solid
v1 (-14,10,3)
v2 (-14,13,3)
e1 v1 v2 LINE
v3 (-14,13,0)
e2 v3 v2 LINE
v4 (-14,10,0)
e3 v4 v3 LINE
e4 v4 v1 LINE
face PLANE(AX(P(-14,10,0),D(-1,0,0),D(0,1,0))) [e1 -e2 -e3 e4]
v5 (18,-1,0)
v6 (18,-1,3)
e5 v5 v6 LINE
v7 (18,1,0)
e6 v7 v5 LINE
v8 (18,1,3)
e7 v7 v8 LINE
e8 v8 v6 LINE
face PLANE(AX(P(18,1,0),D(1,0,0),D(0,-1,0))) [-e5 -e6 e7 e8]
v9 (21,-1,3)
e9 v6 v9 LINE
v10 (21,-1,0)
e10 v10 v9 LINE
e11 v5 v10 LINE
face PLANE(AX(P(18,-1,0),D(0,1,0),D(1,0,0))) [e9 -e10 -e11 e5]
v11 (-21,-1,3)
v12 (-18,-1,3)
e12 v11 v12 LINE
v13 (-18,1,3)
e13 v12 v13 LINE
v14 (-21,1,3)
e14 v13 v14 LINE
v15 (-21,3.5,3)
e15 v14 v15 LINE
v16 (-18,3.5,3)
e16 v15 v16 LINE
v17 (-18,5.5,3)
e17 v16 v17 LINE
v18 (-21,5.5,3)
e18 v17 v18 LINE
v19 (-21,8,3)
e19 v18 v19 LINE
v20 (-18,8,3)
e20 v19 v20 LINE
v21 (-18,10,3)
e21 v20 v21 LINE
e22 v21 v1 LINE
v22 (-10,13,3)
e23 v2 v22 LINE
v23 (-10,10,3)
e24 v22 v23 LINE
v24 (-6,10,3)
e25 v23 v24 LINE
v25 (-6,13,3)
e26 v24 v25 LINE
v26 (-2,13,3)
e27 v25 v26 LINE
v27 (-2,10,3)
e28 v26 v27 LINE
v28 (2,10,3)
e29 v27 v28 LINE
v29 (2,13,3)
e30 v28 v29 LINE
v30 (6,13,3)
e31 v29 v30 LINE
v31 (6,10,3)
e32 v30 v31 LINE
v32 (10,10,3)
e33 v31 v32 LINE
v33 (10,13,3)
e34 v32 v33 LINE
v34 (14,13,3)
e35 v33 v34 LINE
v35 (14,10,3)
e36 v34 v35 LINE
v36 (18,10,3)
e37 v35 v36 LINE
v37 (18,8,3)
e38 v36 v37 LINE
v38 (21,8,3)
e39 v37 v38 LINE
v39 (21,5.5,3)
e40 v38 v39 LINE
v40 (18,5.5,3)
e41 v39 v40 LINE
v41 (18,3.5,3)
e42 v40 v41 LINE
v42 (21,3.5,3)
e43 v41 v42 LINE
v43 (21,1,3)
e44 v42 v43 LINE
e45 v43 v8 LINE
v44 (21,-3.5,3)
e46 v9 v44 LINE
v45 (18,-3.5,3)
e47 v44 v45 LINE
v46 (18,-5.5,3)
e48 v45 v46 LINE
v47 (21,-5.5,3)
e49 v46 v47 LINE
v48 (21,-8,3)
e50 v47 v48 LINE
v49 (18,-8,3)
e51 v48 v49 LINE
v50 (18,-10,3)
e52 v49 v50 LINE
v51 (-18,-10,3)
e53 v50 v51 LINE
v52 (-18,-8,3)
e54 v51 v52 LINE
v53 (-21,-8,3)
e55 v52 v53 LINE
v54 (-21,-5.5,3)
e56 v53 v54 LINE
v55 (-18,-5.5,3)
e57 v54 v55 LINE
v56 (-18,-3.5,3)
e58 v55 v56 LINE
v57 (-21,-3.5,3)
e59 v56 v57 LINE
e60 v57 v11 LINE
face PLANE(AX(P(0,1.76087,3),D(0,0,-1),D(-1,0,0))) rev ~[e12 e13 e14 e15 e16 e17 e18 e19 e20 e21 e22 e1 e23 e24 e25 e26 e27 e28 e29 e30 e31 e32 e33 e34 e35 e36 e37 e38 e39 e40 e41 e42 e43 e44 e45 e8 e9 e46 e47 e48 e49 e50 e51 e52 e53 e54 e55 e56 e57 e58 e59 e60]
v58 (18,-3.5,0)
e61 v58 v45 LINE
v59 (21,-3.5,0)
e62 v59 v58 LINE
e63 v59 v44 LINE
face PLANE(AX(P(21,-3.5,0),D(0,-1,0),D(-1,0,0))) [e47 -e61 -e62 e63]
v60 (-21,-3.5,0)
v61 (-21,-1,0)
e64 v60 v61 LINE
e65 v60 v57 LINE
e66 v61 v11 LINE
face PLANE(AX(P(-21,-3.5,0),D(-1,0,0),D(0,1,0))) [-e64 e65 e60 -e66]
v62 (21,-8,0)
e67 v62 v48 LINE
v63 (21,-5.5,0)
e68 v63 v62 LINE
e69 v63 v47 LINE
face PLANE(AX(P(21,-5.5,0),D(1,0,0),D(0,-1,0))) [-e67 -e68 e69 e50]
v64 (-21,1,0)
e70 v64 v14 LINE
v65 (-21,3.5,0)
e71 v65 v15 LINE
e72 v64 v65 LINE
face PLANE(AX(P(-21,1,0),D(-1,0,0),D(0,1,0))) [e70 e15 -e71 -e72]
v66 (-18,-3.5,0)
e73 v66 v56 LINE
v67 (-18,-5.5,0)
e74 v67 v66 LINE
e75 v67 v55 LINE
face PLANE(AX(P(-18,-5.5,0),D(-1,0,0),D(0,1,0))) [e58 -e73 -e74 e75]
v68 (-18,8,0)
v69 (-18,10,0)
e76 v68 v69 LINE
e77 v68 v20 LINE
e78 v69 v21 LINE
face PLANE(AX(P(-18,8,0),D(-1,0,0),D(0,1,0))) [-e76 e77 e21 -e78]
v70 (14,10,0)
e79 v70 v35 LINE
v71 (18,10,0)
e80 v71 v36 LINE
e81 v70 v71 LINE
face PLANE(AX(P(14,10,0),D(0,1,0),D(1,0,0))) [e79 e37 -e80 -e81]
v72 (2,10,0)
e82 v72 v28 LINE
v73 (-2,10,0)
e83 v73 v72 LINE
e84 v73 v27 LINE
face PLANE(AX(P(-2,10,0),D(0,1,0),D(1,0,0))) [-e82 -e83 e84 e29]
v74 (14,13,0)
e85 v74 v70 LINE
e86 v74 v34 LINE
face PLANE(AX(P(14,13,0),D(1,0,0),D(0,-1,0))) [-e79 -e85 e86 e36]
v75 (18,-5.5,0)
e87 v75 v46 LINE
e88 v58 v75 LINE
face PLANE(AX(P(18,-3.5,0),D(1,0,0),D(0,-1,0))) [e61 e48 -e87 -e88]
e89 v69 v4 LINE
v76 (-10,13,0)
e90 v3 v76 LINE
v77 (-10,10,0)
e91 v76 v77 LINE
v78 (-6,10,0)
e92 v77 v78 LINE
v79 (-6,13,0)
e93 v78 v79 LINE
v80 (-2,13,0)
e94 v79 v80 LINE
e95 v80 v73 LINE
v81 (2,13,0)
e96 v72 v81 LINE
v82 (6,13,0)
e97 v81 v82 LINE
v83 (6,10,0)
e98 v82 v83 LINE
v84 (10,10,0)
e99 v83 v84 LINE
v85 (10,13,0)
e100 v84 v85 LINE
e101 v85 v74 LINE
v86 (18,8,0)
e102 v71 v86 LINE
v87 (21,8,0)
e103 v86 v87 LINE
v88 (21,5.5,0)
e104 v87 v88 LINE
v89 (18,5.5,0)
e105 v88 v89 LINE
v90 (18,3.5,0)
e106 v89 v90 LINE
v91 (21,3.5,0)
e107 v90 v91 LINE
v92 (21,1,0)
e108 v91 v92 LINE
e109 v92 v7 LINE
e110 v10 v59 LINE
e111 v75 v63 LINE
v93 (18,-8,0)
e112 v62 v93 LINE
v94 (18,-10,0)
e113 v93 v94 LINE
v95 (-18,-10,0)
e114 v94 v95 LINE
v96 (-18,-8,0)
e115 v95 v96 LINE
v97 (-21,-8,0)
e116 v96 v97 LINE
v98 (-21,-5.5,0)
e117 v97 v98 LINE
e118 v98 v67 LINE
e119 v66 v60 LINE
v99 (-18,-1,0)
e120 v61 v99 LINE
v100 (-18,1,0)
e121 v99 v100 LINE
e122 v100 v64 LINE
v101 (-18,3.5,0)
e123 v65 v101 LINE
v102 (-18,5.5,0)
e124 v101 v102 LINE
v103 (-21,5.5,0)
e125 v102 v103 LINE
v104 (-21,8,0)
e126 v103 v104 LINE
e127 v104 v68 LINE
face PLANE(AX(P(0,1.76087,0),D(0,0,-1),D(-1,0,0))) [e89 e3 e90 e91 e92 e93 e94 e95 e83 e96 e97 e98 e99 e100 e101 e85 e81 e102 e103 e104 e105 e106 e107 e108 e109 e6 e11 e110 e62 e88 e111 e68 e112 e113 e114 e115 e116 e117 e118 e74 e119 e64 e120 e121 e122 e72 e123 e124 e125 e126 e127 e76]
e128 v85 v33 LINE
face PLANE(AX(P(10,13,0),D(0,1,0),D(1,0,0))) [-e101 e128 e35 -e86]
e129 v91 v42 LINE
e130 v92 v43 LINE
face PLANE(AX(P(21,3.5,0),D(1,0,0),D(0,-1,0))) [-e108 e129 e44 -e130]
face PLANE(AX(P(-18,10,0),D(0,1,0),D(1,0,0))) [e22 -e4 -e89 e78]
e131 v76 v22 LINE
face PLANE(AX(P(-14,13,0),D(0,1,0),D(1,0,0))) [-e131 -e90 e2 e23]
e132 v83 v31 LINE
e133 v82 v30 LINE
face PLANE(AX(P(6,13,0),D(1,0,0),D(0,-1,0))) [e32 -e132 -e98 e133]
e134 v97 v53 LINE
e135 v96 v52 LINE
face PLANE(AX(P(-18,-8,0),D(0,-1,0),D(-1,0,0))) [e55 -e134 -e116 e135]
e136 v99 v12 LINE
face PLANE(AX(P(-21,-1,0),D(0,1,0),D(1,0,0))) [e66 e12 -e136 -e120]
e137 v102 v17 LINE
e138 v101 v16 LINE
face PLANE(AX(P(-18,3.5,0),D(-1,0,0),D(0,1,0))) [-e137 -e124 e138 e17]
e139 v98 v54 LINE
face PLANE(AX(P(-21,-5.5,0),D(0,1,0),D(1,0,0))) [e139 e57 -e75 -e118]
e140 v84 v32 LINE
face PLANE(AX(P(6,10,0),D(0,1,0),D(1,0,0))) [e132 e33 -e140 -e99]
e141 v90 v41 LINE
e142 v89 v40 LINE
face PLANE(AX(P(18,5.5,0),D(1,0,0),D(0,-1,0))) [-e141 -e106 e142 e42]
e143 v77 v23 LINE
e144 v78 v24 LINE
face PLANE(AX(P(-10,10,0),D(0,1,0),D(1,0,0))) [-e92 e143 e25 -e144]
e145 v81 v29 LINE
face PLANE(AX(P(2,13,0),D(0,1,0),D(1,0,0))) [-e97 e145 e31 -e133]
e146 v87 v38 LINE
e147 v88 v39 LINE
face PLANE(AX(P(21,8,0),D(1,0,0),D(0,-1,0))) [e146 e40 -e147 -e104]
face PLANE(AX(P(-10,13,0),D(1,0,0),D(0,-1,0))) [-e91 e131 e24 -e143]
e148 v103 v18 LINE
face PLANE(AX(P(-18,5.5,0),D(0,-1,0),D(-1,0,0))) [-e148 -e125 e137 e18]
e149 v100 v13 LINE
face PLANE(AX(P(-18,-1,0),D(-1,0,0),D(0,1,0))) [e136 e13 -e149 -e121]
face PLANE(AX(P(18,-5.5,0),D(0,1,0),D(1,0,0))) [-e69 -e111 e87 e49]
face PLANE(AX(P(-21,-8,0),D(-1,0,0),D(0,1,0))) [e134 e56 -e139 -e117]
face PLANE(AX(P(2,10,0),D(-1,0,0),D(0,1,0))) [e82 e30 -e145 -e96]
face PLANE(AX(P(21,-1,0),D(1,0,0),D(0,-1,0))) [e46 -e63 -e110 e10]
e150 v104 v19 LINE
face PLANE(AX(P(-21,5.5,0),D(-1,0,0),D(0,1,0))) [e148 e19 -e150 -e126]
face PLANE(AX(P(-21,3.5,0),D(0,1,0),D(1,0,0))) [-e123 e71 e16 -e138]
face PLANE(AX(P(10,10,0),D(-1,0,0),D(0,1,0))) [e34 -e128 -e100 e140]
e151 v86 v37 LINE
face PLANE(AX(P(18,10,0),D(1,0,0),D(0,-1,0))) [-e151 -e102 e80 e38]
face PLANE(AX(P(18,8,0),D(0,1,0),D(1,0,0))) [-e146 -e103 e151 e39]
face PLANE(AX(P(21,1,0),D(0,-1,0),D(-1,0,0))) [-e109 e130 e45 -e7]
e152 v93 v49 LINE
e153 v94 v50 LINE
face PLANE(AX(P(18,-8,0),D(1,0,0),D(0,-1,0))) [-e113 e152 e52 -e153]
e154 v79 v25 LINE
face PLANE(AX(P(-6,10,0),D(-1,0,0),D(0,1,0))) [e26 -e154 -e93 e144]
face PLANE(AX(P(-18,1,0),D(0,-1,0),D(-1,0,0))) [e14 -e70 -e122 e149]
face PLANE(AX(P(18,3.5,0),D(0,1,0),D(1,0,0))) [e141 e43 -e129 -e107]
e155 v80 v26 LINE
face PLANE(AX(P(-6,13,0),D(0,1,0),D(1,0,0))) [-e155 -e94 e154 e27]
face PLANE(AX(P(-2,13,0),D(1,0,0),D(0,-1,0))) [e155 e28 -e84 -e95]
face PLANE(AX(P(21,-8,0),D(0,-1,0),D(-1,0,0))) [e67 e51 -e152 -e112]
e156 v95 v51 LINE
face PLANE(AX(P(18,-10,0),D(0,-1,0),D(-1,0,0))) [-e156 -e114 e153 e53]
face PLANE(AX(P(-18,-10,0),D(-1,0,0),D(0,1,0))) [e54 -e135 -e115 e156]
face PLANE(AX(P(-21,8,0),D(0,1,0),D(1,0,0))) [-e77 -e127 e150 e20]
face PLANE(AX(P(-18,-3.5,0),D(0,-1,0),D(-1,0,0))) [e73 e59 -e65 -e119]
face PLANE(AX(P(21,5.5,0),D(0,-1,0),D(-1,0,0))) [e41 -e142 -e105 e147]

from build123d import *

# Parameters (mm, degrees)
BOSS_EXTRUDE1_DEPTH = 3


with BuildPart() as part:
    # Sketch1 → Boss-Extrude1 (new body)
    with BuildSketch(Plane.XY):
        Polygon((18, 10), (18, 8), (21, 8), (21, 5.5), (18, 5.5), (18, 3.5), (21, 3.5), (21, 1), (18, 1), (18, -1), (21, -1), (21, -3.5), (18, -3.5), (18, -5.5), (21, -5.5), (21, -8), (18, -8), (18, -10), (-18, -10), (-18, -8), (-21, -8), (-21, -5.5), (-18, -5.5), (-18, -3.5), (-21, -3.5), (-21, -1), (-18, -1), (-18, 1), (-21, 1), (-21, 3.5), (-18, 3.5), (-18, 5.5), (-21, 5.5), (-21, 8), (-18, 8), (-18, 10), (-14, 10), (-14, 13), (-10, 13), (-10, 10), (-6, 10), (-6, 13), (-2, 13), (-2, 10), (2, 10), (2, 13), (6, 13), (6, 10), (10, 10), (10, 13), (14, 13), (14, 10), align=None)
    extrude(amount=BOSS_EXTRUDE1_DEPTH)


solid = part.part
